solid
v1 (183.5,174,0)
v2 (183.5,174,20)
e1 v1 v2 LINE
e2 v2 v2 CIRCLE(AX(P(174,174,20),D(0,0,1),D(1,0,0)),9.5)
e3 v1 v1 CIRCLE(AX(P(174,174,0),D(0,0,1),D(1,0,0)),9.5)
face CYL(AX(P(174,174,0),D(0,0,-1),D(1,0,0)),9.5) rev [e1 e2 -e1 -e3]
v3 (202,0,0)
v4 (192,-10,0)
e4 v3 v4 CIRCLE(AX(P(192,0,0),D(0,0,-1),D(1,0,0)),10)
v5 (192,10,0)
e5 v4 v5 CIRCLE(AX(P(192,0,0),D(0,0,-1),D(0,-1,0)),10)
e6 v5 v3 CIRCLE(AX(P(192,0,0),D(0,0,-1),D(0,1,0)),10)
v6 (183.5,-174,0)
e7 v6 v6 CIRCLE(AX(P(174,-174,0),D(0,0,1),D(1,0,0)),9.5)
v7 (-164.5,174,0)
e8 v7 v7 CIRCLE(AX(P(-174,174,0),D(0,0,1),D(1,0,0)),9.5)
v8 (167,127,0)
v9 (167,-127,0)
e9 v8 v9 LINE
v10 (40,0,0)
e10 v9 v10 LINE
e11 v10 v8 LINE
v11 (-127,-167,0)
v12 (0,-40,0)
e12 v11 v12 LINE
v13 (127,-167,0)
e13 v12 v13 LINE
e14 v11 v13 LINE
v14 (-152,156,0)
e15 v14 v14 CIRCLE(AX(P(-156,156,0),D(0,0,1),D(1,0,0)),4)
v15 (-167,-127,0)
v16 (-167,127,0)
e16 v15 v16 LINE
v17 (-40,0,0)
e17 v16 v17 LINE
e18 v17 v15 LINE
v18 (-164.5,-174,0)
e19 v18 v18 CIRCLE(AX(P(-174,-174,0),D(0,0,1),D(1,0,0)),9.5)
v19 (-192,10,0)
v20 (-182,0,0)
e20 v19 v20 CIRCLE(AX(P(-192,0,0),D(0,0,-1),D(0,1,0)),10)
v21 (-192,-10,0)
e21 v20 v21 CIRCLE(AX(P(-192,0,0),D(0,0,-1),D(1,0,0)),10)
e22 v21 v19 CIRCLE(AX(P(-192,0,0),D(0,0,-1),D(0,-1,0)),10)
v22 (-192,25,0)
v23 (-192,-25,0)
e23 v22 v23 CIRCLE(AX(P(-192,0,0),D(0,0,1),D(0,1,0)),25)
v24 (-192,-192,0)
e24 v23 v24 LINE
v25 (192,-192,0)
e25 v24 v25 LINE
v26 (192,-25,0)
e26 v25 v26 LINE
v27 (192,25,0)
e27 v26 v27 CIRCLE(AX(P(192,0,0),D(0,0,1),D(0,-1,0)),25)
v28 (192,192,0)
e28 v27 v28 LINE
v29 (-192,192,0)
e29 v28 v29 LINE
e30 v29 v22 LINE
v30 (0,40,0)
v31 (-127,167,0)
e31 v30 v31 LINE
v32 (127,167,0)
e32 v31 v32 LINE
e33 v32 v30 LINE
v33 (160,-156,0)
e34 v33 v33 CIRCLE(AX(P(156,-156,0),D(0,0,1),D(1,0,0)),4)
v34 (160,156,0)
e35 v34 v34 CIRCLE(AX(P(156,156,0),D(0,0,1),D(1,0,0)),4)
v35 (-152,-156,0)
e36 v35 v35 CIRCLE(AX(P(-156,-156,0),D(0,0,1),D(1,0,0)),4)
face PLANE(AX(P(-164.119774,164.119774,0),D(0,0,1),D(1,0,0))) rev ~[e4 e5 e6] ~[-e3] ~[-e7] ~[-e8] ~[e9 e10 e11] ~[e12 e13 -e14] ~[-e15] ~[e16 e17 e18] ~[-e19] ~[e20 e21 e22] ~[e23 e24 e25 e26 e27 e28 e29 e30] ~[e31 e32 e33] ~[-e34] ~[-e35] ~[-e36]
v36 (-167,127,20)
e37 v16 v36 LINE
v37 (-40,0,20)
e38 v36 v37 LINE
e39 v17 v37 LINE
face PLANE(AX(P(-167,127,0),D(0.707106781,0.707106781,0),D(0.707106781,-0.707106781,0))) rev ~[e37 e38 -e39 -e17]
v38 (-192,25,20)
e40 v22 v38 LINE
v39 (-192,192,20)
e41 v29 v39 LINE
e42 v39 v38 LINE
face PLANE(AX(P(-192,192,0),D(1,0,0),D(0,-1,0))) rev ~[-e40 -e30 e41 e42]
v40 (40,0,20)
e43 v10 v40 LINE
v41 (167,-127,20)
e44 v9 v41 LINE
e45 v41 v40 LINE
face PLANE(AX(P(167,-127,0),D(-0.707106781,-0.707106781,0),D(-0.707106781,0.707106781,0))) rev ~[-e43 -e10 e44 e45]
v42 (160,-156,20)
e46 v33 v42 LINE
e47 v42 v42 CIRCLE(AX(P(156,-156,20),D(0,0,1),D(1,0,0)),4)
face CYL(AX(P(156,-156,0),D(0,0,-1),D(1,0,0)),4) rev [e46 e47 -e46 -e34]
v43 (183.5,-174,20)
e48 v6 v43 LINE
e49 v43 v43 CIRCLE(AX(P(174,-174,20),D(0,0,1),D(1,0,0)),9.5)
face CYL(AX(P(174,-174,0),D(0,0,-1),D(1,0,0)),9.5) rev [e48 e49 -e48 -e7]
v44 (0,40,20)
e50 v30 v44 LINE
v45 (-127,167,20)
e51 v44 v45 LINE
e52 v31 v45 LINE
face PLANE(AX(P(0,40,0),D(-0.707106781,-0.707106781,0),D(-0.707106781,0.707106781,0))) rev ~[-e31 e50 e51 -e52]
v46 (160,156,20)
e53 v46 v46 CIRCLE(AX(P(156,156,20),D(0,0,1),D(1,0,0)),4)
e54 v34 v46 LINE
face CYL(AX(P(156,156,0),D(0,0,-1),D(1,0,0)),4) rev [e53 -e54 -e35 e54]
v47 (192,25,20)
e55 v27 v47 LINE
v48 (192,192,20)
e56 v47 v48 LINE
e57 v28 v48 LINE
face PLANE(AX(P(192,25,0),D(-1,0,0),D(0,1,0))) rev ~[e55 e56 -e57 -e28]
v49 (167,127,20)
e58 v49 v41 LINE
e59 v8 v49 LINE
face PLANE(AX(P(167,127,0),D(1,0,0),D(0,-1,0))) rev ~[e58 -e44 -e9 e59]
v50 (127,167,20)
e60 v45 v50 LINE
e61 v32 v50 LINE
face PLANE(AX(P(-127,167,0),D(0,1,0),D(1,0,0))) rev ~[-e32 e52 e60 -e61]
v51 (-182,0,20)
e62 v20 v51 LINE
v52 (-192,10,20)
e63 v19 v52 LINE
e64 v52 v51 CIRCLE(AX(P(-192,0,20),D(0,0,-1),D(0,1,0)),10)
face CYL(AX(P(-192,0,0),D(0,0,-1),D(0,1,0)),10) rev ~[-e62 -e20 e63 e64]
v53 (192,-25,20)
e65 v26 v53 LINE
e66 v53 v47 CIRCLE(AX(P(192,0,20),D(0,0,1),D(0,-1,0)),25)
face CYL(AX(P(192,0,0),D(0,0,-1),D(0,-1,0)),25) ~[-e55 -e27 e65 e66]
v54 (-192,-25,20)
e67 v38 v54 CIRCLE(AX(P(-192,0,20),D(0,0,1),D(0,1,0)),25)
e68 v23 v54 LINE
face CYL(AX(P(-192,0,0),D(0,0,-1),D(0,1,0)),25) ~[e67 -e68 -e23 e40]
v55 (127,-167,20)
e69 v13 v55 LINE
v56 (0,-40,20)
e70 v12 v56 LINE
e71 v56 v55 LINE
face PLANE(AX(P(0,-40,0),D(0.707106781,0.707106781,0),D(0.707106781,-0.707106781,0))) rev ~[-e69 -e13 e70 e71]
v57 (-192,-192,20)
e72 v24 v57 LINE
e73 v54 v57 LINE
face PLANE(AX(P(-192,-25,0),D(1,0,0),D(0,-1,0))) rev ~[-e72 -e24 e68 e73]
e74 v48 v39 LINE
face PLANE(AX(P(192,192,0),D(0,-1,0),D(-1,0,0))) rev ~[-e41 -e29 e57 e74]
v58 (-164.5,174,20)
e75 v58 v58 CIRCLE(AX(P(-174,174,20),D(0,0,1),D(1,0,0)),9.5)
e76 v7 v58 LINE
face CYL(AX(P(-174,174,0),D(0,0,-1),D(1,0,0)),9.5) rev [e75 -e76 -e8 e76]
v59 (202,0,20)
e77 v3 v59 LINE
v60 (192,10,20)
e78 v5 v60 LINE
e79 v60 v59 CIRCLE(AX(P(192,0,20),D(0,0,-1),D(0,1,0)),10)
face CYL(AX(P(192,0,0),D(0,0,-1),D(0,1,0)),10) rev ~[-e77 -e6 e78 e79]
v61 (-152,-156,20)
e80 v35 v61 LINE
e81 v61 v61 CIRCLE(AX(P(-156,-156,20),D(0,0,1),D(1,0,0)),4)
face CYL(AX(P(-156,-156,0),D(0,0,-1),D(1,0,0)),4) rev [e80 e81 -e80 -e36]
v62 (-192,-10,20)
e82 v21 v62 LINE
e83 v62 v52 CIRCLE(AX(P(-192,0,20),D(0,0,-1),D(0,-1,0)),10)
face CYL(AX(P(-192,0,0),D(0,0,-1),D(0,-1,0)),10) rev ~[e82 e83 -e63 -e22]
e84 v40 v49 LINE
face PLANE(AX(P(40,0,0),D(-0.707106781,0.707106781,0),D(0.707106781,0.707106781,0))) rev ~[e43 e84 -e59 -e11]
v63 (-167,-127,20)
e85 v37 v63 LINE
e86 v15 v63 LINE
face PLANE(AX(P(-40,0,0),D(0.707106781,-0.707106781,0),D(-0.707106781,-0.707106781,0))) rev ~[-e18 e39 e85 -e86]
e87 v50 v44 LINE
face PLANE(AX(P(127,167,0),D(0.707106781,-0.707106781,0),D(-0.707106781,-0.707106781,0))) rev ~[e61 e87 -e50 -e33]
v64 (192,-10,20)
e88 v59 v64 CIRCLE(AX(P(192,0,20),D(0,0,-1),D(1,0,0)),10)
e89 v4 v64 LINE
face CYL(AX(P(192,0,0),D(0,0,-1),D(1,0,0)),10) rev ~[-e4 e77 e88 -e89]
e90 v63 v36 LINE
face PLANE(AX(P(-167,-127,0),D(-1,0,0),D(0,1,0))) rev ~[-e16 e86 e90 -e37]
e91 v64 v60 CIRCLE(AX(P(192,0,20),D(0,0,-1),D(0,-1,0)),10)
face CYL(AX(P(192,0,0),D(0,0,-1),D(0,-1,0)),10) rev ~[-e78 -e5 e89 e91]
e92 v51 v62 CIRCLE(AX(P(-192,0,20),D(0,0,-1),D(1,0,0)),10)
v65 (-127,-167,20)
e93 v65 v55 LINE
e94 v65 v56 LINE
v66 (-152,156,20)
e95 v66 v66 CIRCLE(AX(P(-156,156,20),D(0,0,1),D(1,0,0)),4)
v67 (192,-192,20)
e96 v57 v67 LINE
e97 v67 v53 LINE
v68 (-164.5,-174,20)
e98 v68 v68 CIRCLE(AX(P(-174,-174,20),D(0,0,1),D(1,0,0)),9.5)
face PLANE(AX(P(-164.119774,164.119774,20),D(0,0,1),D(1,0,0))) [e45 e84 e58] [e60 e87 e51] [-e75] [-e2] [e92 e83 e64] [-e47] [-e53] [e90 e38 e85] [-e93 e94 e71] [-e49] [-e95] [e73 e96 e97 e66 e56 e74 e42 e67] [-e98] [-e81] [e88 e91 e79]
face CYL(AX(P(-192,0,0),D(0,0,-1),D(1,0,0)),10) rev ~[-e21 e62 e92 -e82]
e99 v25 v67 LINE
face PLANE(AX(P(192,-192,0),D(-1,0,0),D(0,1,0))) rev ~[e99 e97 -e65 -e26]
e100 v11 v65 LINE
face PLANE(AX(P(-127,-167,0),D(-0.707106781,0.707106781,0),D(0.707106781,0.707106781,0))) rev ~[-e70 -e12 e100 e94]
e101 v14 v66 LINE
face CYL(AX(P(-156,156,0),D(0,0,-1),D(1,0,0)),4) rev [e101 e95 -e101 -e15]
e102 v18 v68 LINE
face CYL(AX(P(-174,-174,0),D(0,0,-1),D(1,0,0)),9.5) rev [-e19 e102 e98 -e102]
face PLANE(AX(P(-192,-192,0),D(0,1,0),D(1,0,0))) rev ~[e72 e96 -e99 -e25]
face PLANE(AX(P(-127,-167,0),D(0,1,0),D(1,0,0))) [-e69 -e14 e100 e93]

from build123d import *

# Parameters (mm, degrees)
F0_R     = 9.5
F0_R_2   = 4
F0_W     = 254
F0_H     = 25
F1_DEPTH = 20


with BuildPart() as f1:
    # F0 (on Top) → F1 (new body)
    with BuildSketch(Plane.XY):
        Polygon((-192, 127), (-167, 127), (-127, 167), (-127, 192), (-192, 192), align=None)
        with Locations((-174, 174)):
            Circle(F0_R, mode=Mode.SUBTRACT)
        with Locations((-156, 156)):
            Circle(F0_R_2, mode=Mode.SUBTRACT)
        with BuildLine():
            Line((-167, -127), (-167, 127))
            Line((-167, 127), (-192, 127))
            Line((-192, 127), (-192, 25))
            Line((-192, 25), (-192, 10))
            ThreePointArc((-192, 10), (-184.9289321881, 7.0710678119), (-182, 0))
            ThreePointArc((-182, 0), (-184.9289321881, -7.0710678119), (-192, -10))
            Line((-192, -10), (-192, -25))
            Line((-192, -25), (-192, -127))
            Line((-192, -127), (-167, -127))
        make_face()
        with Locations((0, 179.5)):
            Rectangle(F0_W, F0_H)
        Polygon((-127, -167), (-167, -127), (-192, -127), (-192, -192), (-127, -192), align=None)
        with Locations((-174, -174)):
            Circle(F0_R, mode=Mode.SUBTRACT)
        with Locations((-156, -156)):
            Circle(F0_R_2, mode=Mode.SUBTRACT)
        Polygon((127, 192), (127, 167), (167, 127), (192, 127), (192, 192), align=None)
        with Locations((156, 156)):
            Circle(F0_R_2, mode=Mode.SUBTRACT)
        with Locations((174, 174)):
            Circle(F0_R, mode=Mode.SUBTRACT)
        with BuildLine():
            Line((-192, 10), (-192, 25))
            ThreePointArc((-192, 25), (-217, 0), (-192, -25))
            Line((-192, -25), (-192, -10))
            ThreePointArc((-192, -10), (-202, 0), (-192, 10))
        make_face()
        with Locations((0, -179.5)):
            Rectangle(F0_W, F0_H)
        with BuildLine():
            Line((192, 127), (167, 127))
            Line((167, 127), (167, -127))
            Line((167, -127), (192, -127))
            Line((192, -127), (192, -25))
            Line((192, -25), (192, -10))
            ThreePointArc((192, -10), (182, 0), (192, 10))
            Line((192, 10), (192, 25))
            Line((192, 25), (192, 127))
        make_face()
        Polygon((167, -127), (127, -167), (127, -192), (192, -192), (192, -127), align=None)
        with Locations((156, -156)):
            Circle(F0_R_2, mode=Mode.SUBTRACT)
        with Locations((174, -174)):
            Circle(F0_R, mode=Mode.SUBTRACT)
        with BuildLine():
            ThreePointArc((192, -25), (217, 0), (192, 25))
            Line((192, 25), (192, 10))
            ThreePointArc((192, 10), (199.0710678119, 7.0710678119), (202, 0))
            ThreePointArc((202, 0), (199.0710678119, -7.0710678119), (192, -10))
            Line((192, -10), (192, -25))
        make_face()
        Polygon((40, 0), (0, -40), (127, -167), (167, -127), align=None)
        Polygon((-40, 0), (-167, -127), (-127, -167), (0, -40), align=None)
        Polygon((-127, 167), (-167, 127), (-40, 0), (0, 40), align=None)
        Polygon((0, 40), (-40, 0), (0, -40), (40, 0), align=None)
        Polygon((167, 127), (127, 167), (0, 40), (40, 0), align=None)
    extrude(amount=F1_DEPTH)


solid = f1.part
